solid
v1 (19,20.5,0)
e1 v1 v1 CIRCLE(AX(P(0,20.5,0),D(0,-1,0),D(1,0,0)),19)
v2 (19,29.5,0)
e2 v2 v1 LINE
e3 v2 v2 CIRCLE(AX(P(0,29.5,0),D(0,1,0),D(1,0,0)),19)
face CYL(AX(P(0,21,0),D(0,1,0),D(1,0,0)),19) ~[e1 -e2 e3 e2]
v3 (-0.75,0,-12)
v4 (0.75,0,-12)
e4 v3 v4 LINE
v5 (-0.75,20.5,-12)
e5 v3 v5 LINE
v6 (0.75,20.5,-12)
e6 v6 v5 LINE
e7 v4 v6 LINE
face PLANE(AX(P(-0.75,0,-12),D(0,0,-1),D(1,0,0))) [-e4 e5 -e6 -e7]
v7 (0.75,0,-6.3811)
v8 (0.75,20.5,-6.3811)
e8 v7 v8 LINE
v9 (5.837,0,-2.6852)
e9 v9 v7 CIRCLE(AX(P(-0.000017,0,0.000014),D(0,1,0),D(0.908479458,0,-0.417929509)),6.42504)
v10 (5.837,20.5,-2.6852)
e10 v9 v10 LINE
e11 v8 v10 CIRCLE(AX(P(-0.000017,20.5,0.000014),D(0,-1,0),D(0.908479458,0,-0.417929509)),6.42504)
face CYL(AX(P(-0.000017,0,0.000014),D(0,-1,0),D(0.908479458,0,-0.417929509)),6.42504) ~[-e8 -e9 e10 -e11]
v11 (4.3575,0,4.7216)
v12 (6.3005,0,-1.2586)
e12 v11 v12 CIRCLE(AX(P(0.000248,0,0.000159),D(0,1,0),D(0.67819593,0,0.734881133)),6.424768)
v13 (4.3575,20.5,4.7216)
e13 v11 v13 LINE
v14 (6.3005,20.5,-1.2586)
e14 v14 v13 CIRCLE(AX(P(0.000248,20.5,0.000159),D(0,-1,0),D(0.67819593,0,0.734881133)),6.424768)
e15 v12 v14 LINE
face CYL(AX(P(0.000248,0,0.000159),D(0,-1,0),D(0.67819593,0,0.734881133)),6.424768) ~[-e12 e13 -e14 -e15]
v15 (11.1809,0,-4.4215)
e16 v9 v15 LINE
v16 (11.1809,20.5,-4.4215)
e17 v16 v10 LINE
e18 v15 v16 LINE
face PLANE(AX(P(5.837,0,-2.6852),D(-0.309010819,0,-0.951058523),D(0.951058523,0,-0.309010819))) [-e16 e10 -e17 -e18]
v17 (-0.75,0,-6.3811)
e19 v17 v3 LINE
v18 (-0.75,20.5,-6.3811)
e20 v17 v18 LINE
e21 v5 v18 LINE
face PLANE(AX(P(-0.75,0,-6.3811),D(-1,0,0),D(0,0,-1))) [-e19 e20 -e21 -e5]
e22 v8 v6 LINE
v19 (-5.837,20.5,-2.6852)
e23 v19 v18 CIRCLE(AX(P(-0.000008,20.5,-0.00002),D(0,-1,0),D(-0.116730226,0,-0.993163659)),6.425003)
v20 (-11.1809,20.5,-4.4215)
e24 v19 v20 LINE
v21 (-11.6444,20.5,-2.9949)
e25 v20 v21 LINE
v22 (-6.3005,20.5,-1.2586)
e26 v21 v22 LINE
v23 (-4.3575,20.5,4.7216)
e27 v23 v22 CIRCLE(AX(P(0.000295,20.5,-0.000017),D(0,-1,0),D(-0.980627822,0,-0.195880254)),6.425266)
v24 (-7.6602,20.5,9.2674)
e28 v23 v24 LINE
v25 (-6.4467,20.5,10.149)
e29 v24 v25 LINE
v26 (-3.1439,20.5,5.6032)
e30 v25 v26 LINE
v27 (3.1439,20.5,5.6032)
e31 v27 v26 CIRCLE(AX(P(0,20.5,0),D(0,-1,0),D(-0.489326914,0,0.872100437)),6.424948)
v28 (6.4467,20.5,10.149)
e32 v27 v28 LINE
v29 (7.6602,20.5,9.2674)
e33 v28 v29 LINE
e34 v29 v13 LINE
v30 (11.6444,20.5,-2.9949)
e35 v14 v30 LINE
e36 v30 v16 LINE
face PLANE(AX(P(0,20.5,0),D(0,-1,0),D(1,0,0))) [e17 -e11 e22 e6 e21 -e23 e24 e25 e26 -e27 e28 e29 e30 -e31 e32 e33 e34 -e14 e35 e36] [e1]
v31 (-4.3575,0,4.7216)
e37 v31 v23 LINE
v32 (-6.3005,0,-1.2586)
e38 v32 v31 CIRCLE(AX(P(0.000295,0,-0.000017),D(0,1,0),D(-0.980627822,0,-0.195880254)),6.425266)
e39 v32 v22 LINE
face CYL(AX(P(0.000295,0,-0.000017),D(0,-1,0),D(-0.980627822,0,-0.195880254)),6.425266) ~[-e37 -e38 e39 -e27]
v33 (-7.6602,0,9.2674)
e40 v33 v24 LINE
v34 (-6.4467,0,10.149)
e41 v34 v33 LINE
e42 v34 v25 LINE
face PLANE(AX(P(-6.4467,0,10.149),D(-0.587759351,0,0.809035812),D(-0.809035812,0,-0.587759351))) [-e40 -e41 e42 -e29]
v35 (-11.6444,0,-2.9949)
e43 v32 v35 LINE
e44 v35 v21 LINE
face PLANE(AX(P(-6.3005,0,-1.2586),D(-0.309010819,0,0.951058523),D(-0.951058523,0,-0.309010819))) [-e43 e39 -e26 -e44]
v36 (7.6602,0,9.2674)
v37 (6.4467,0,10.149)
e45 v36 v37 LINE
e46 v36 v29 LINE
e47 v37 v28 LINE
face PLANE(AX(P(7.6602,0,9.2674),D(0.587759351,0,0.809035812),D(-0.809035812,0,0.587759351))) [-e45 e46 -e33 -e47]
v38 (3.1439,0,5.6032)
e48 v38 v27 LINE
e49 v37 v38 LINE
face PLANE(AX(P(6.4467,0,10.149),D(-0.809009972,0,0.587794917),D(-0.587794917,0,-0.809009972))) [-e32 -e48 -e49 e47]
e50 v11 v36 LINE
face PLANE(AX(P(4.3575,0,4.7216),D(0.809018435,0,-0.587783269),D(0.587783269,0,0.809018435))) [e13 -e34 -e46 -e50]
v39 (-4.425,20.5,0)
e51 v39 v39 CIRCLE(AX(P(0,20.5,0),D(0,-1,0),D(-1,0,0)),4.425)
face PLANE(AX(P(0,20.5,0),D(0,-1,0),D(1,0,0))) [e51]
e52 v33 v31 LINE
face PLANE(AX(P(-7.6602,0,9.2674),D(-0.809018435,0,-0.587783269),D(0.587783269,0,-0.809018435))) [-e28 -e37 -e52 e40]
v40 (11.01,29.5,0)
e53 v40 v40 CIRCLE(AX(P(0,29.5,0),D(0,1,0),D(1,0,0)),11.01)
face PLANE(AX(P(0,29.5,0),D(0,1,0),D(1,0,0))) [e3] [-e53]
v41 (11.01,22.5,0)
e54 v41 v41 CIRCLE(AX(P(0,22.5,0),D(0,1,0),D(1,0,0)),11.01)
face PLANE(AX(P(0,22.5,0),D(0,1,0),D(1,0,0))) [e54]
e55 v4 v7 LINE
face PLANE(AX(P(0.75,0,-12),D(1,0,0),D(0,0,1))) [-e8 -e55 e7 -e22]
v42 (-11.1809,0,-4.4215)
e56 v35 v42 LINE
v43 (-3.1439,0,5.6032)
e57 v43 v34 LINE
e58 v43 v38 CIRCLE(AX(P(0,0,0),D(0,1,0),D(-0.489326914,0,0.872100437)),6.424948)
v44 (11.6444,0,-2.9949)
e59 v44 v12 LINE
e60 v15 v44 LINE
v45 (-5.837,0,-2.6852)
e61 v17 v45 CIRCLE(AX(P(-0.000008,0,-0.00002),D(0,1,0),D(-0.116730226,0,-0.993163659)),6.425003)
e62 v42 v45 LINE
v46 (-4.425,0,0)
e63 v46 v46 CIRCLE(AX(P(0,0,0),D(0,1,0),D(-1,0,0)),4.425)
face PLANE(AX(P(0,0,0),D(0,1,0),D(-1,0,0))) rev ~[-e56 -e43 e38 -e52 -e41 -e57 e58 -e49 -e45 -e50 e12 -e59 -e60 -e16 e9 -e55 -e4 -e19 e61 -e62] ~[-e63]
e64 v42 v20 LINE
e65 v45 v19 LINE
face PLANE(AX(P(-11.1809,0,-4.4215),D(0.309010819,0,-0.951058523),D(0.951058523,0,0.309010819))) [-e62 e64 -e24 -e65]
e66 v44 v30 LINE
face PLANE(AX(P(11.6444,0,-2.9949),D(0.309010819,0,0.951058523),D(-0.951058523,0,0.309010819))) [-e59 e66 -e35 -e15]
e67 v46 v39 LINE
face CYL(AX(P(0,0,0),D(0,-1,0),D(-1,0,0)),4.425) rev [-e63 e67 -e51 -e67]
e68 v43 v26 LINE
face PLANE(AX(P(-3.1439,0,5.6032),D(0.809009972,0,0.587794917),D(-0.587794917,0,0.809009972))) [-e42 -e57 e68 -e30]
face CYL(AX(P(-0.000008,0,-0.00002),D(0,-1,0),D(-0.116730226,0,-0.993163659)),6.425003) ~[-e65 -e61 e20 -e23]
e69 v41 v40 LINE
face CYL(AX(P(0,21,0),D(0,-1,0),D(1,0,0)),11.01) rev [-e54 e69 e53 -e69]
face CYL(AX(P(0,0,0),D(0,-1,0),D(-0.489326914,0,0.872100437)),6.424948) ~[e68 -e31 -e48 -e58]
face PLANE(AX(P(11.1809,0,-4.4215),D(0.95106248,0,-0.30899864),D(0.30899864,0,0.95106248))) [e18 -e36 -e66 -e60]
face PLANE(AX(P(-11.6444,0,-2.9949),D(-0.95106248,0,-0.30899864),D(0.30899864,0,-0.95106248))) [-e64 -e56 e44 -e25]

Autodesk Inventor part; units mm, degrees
ref_plane "YZ Plane" through (0, 0, 0) normal (1, 0, 0) x (0, 1, 0)
ref_plane "XZ Plane" through (0, 0, 0) normal (0, 1, 0) x (-1, 0, 0)
ref_plane "XY Plane" through (0, 0, 0) normal (0, 0, 1) x (1, 0, 0)
sketch "Sketch1" plane through (0, 0, 0) normal (0, 1, 0) x (-1, 0, 0)
  circle A0 centre (0, 0) radius 4.425
  line L0 (-11.1809, -4.4215) -> (-11.6444, -2.9949)
  line L1 (-11.6444, -2.9949) -> (-6.3005, -1.2586)
  arc A1 (-4.3575, 4.7216) -> (-6.3005, -1.2586) centre (0, 0) ccw
  line L2 (-4.3575, 4.7216) -> (-7.6602, 9.2674)
  line L3 (-7.6602, 9.2674) -> (-6.4467, 10.149)
  line L4 (-6.4467, 10.149) -> (-3.1439, 5.6032)
  arc A2 (3.1439, 5.6032) -> (-3.1439, 5.6032) centre (0, 0) ccw
  line L5 (3.1439, 5.6032) -> (6.4467, 10.149)
  line L6 (6.4467, 10.149) -> (7.6602, 9.2674)
  line L7 (7.6602, 9.2674) -> (4.3575, 4.7216)
  arc A3 (6.3005, -1.2586) -> (4.3575, 4.7216) centre (0, 0) ccw
  line L8 (6.3005, -1.2586) -> (11.6444, -2.9949)
  line L9 (11.6444, -2.9949) -> (11.1809, -4.4215)
  line L10 (11.1809, -4.4215) -> (5.837, -2.6852)
  arc A4 (0.75, -6.3811) -> (5.837, -2.6852) centre (0, 0) ccw
  line L11 (0.75, -6.3811) -> (0.75, -12)
  line L12 (0.75, -12) -> (-0.75, -12)
  line L13 (-0.75, -12) -> (-0.75, -6.3811)
  arc A5 (-5.837, -2.6852) -> (-0.75, -6.3811) centre (0, 0) ccw
  line L14 (-5.837, -2.6852) -> (-11.1809, -4.4215)
extrude "Extrusion1" add sketch "Sketch1" along normal blind 21
sketch "Sketch2" plane through (0, 21, 0) normal (0, 1, 0) x (1, 0, 0)
  circle A0 centre (0, 0) radius 11.01
  circle A1 centre (0, 0) radius 19
  dimension "d2" = 38
extrude "Extrusion2" add sketch "Sketch2" along normal blind 8.5
sketch "Sketch3" plane through (0, 21, 0) normal (0, 1, 0) x (1, 0, 0)
  circle A0 centre (0, 0) radius 11.01
extrude "Extrusion3" add sketch "Sketch3" along normal blind 1.5
sketch "Sketch4" plane through (0, 21, 0) normal (0, -1, 0) x (1, 0, 0)
  circle A0 centre (0, 0) radius 19
  dimension "d7" = 38
extrude "Extrusion4" add sketch "Sketch4" along normal blind 0.5
properties part number "eje rodaje b"
